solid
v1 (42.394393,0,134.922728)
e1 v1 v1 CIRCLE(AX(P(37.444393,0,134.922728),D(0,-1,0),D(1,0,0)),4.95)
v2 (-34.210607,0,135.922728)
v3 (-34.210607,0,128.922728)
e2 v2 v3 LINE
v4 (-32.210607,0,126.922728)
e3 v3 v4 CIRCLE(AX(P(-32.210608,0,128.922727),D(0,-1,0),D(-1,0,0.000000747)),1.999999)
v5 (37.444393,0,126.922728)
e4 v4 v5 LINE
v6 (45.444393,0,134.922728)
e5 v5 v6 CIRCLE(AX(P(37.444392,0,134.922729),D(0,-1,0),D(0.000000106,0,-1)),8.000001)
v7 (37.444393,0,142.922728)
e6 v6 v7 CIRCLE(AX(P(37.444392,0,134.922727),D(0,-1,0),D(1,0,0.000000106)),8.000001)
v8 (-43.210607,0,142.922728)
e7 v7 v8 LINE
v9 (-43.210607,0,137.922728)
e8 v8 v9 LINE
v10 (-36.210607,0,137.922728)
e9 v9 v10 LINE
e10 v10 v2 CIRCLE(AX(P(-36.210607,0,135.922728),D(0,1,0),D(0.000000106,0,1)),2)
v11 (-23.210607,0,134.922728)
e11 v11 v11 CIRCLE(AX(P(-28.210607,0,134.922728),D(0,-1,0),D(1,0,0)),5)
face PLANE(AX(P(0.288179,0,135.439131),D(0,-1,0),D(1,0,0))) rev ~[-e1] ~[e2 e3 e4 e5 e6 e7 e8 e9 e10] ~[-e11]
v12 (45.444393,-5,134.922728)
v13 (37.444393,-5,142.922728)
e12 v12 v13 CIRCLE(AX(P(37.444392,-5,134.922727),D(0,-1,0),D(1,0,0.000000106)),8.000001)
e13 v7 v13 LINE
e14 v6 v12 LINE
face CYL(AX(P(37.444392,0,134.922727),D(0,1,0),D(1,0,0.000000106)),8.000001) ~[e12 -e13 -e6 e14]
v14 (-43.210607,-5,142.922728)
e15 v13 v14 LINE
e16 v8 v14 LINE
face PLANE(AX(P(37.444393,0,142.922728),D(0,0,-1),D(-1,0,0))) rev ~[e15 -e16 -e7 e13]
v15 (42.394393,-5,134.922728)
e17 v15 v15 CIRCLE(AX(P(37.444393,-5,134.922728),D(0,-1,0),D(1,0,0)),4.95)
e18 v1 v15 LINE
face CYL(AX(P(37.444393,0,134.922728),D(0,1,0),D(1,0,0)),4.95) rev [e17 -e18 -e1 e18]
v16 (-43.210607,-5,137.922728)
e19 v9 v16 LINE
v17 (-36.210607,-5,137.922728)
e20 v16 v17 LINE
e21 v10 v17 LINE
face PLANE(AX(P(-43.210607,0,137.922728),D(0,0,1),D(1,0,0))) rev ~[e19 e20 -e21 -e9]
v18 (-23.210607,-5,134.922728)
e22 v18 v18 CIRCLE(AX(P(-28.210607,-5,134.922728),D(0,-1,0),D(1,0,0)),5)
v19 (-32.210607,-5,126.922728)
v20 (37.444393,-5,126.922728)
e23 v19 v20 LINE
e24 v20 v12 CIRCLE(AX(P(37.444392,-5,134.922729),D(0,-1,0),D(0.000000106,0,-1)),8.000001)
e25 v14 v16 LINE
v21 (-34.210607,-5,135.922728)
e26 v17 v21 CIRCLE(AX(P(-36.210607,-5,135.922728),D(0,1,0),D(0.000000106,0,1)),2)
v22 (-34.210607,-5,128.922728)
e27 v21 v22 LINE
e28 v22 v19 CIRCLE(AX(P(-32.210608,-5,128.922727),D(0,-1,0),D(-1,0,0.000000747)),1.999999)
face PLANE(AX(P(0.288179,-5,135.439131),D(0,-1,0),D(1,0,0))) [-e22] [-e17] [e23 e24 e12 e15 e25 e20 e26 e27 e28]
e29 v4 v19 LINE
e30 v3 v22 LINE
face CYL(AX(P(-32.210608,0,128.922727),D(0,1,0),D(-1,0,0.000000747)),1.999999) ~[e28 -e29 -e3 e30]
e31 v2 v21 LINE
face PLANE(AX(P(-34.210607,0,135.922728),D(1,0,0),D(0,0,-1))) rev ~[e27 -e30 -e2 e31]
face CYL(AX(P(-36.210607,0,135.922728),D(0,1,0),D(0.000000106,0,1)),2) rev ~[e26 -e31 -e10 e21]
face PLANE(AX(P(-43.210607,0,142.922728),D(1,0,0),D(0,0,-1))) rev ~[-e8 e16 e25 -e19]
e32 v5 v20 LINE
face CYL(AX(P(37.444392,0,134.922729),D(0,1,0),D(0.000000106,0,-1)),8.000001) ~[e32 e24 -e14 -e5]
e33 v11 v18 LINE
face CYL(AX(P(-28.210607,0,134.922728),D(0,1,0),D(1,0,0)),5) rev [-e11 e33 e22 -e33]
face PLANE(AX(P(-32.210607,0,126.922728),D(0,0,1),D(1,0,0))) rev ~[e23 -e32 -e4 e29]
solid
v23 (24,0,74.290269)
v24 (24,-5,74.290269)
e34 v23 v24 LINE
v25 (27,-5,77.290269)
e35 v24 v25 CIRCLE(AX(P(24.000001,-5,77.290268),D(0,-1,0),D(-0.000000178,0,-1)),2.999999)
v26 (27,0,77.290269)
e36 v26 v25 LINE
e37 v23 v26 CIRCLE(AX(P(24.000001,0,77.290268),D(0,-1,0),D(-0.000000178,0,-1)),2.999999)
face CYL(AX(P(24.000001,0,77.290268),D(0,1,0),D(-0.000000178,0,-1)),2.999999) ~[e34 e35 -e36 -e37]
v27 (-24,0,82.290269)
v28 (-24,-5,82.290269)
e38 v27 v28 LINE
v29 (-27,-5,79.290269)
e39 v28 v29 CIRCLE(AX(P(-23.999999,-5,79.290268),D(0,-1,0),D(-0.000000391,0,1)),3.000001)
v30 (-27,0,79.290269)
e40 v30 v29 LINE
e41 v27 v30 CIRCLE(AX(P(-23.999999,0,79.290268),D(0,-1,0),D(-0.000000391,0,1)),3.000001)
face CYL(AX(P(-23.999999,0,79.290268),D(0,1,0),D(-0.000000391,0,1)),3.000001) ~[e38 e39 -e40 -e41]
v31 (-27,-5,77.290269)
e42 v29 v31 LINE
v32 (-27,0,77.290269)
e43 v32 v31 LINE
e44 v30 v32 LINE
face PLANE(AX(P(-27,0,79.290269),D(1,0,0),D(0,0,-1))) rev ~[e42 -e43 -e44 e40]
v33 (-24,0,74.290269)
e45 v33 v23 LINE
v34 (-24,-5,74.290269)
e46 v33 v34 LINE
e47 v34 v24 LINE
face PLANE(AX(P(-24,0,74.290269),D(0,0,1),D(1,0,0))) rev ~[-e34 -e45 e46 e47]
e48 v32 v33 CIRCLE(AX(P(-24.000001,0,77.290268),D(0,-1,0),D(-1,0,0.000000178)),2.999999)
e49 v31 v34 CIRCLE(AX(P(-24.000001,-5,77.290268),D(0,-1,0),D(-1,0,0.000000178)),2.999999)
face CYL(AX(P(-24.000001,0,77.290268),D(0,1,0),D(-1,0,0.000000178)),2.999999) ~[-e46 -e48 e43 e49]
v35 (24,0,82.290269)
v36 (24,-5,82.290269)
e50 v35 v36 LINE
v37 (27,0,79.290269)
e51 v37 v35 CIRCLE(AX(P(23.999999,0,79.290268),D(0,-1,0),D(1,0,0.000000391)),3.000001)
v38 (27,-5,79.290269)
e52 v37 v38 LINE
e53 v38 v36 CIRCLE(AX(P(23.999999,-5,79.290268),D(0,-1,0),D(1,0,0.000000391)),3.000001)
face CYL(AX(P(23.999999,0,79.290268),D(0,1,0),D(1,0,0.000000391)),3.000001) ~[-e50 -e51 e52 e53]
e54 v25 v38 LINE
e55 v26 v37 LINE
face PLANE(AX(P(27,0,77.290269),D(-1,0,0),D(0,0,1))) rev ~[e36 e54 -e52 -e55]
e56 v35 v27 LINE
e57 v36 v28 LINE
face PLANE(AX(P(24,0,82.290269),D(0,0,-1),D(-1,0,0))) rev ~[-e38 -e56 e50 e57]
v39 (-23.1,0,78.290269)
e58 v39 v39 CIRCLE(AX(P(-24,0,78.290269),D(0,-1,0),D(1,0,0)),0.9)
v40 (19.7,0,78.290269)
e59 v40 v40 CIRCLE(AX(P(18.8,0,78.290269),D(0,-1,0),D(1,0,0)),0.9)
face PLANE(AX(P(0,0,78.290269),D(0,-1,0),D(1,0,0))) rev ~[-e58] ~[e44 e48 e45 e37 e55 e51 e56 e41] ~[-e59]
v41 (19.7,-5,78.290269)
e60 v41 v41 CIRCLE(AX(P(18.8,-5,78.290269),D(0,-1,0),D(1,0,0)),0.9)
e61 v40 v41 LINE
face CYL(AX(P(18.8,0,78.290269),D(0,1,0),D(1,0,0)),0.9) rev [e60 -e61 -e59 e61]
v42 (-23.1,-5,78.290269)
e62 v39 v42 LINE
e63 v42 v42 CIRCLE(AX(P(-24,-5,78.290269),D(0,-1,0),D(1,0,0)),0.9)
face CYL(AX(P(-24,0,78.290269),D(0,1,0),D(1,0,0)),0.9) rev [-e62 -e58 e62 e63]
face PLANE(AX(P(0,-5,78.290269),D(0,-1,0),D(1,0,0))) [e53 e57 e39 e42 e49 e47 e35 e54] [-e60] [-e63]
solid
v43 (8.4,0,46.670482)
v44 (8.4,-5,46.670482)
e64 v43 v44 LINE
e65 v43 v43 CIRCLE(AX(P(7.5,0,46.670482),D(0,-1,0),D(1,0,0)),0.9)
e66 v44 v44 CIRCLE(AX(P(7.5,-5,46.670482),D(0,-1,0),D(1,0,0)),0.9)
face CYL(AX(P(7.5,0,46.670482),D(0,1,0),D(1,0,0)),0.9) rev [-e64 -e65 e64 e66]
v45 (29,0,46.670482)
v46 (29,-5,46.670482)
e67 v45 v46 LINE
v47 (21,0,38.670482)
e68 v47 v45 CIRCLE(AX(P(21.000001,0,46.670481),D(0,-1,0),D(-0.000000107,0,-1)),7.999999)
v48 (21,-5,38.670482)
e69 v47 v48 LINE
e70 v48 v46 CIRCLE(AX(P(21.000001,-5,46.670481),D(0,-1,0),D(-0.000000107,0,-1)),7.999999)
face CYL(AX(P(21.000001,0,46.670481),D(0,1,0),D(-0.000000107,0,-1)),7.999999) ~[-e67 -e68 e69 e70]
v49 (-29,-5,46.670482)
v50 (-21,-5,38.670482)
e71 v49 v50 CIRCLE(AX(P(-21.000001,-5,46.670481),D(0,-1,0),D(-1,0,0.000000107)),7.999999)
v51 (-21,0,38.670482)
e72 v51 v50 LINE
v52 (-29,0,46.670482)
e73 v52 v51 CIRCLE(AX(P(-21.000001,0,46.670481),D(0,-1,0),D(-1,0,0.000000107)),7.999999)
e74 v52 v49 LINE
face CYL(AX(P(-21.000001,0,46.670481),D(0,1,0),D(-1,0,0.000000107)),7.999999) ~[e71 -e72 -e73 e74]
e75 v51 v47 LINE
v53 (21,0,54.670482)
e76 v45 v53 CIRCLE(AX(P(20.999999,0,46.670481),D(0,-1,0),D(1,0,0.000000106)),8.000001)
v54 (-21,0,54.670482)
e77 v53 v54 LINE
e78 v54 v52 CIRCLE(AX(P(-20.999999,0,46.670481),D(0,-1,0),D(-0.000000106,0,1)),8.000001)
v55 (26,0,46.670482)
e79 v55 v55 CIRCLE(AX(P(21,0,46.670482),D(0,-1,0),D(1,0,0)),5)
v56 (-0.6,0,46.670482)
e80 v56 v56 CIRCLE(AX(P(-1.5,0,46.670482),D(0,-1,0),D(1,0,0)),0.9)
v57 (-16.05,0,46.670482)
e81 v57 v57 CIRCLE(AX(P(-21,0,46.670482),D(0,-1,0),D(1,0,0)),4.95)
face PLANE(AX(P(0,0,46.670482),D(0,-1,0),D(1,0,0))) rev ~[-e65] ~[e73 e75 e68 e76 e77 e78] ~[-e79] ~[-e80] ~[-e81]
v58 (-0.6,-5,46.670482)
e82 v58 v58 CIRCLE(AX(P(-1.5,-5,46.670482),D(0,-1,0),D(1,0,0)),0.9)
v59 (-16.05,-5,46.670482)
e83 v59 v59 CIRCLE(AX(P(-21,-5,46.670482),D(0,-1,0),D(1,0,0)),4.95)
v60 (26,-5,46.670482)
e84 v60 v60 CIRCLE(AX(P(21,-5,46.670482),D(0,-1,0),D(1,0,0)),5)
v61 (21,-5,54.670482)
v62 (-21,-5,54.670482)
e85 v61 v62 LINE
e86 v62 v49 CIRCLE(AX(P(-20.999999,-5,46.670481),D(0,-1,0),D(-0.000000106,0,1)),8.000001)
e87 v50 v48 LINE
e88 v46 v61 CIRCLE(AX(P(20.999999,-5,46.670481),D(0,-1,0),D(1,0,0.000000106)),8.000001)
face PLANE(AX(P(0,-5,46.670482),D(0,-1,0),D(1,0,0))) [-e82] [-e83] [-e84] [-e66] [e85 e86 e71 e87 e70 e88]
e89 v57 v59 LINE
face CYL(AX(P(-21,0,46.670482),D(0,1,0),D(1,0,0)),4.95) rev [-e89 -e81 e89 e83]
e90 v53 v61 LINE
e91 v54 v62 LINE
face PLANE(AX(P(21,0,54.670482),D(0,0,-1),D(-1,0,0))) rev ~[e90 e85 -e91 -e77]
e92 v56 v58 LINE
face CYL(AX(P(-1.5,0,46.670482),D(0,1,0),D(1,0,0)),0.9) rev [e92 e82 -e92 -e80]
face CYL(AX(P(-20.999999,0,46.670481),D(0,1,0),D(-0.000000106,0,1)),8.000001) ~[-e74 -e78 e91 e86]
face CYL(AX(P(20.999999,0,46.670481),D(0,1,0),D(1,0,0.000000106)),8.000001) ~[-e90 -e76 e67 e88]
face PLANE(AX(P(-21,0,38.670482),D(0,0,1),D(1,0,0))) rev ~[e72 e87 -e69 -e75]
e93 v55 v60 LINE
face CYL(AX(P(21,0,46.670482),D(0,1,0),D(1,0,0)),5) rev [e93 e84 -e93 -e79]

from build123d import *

# Parameters (mm, degrees)
F0_R     = 5
F0_R_2   = 4.95
F0_R_3   = 0.9
F1_DEPTH = 5


with BuildPart() as f1:
    # F0 (on Front) → F1 (new body)
    with BuildSketch(Plane.XZ):
        with BuildLine():
            Line((-32.210607, 126.922728), (37.444393, 126.922728))
            ThreePointArc((37.444393, 126.922728), (43.101247, 129.265874), (45.444393, 134.922728))
            ThreePointArc((45.444393, 134.922728), (43.101247, 140.579582), (37.444393, 142.922728))
            Line((37.444393, 142.922728), (-32.210607, 142.922728))
            Line((-32.210607, 142.922728), (-43.210607, 142.922728))
            Line((-43.210607, 142.922728), (-43.210607, 137.922728))
            Line((-43.210607, 137.922728), (-36.210607, 137.922728))
            ThreePointArc((-36.210607, 137.922728), (-34.796394, 137.336942), (-34.210607, 135.922728))
            Line((-34.210607, 135.922728), (-34.210607, 128.922728))
            ThreePointArc((-34.210607, 128.922728), (-33.624821, 127.508514), (-32.210607, 126.922728))
        make_face()
        with Locations((-28.210607, 134.922728)):
            Circle(F0_R, mode=Mode.SUBTRACT)
        with Locations((37.444393, 134.922728)):
            Circle(F0_R_2, mode=Mode.SUBTRACT)
        with BuildLine():
            Line((-24, 74.290269), (24, 74.290269))
            ThreePointArc((24, 74.290269), (26.12132, 75.168948), (27, 77.290269))
            Line((27, 77.290269), (27, 79.290269))
            ThreePointArc((27, 79.290269), (26.12132, 81.411589), (24, 82.290269))
            Line((24, 82.290269), (-24, 82.290269))
            ThreePointArc((-24, 82.290269), (-26.12132, 81.411589), (-27, 79.290269))
            Line((-27, 79.290269), (-27, 77.290269))
            ThreePointArc((-27, 77.290269), (-26.12132, 75.168948), (-24, 74.290269))
        make_face()
        with Locations((-24, 78.290269)):
            Circle(F0_R_3, mode=Mode.SUBTRACT)
        with Locations((18.8, 78.290269)):
            Circle(F0_R_3, mode=Mode.SUBTRACT)
        with BuildLine():
            Line((-21, 38.670482), (21, 38.670482))
            ThreePointArc((21, 38.670482), (26.656854, 41.013627), (29, 46.670482))
            ThreePointArc((29, 46.670482), (26.656854, 52.327336), (21, 54.670482))
            Line((21, 54.670482), (-21, 54.670482))
            ThreePointArc((-21, 54.670482), (-26.656854, 52.327336), (-29, 46.670482))
            ThreePointArc((-29, 46.670482), (-26.656854, 41.013627), (-21, 38.670482))
        make_face()
        with Locations((-21, 46.670482)):
            Circle(F0_R_2, mode=Mode.SUBTRACT)
        with Locations((-1.5, 46.670482)):
            Circle(F0_R_3, mode=Mode.SUBTRACT)
        with Locations((7.5, 46.670482)):
            Circle(F0_R_3, mode=Mode.SUBTRACT)
        with Locations((21, 46.670482)):
            Circle(F0_R, mode=Mode.SUBTRACT)
    extrude(amount=F1_DEPTH)


solid = f1.part
